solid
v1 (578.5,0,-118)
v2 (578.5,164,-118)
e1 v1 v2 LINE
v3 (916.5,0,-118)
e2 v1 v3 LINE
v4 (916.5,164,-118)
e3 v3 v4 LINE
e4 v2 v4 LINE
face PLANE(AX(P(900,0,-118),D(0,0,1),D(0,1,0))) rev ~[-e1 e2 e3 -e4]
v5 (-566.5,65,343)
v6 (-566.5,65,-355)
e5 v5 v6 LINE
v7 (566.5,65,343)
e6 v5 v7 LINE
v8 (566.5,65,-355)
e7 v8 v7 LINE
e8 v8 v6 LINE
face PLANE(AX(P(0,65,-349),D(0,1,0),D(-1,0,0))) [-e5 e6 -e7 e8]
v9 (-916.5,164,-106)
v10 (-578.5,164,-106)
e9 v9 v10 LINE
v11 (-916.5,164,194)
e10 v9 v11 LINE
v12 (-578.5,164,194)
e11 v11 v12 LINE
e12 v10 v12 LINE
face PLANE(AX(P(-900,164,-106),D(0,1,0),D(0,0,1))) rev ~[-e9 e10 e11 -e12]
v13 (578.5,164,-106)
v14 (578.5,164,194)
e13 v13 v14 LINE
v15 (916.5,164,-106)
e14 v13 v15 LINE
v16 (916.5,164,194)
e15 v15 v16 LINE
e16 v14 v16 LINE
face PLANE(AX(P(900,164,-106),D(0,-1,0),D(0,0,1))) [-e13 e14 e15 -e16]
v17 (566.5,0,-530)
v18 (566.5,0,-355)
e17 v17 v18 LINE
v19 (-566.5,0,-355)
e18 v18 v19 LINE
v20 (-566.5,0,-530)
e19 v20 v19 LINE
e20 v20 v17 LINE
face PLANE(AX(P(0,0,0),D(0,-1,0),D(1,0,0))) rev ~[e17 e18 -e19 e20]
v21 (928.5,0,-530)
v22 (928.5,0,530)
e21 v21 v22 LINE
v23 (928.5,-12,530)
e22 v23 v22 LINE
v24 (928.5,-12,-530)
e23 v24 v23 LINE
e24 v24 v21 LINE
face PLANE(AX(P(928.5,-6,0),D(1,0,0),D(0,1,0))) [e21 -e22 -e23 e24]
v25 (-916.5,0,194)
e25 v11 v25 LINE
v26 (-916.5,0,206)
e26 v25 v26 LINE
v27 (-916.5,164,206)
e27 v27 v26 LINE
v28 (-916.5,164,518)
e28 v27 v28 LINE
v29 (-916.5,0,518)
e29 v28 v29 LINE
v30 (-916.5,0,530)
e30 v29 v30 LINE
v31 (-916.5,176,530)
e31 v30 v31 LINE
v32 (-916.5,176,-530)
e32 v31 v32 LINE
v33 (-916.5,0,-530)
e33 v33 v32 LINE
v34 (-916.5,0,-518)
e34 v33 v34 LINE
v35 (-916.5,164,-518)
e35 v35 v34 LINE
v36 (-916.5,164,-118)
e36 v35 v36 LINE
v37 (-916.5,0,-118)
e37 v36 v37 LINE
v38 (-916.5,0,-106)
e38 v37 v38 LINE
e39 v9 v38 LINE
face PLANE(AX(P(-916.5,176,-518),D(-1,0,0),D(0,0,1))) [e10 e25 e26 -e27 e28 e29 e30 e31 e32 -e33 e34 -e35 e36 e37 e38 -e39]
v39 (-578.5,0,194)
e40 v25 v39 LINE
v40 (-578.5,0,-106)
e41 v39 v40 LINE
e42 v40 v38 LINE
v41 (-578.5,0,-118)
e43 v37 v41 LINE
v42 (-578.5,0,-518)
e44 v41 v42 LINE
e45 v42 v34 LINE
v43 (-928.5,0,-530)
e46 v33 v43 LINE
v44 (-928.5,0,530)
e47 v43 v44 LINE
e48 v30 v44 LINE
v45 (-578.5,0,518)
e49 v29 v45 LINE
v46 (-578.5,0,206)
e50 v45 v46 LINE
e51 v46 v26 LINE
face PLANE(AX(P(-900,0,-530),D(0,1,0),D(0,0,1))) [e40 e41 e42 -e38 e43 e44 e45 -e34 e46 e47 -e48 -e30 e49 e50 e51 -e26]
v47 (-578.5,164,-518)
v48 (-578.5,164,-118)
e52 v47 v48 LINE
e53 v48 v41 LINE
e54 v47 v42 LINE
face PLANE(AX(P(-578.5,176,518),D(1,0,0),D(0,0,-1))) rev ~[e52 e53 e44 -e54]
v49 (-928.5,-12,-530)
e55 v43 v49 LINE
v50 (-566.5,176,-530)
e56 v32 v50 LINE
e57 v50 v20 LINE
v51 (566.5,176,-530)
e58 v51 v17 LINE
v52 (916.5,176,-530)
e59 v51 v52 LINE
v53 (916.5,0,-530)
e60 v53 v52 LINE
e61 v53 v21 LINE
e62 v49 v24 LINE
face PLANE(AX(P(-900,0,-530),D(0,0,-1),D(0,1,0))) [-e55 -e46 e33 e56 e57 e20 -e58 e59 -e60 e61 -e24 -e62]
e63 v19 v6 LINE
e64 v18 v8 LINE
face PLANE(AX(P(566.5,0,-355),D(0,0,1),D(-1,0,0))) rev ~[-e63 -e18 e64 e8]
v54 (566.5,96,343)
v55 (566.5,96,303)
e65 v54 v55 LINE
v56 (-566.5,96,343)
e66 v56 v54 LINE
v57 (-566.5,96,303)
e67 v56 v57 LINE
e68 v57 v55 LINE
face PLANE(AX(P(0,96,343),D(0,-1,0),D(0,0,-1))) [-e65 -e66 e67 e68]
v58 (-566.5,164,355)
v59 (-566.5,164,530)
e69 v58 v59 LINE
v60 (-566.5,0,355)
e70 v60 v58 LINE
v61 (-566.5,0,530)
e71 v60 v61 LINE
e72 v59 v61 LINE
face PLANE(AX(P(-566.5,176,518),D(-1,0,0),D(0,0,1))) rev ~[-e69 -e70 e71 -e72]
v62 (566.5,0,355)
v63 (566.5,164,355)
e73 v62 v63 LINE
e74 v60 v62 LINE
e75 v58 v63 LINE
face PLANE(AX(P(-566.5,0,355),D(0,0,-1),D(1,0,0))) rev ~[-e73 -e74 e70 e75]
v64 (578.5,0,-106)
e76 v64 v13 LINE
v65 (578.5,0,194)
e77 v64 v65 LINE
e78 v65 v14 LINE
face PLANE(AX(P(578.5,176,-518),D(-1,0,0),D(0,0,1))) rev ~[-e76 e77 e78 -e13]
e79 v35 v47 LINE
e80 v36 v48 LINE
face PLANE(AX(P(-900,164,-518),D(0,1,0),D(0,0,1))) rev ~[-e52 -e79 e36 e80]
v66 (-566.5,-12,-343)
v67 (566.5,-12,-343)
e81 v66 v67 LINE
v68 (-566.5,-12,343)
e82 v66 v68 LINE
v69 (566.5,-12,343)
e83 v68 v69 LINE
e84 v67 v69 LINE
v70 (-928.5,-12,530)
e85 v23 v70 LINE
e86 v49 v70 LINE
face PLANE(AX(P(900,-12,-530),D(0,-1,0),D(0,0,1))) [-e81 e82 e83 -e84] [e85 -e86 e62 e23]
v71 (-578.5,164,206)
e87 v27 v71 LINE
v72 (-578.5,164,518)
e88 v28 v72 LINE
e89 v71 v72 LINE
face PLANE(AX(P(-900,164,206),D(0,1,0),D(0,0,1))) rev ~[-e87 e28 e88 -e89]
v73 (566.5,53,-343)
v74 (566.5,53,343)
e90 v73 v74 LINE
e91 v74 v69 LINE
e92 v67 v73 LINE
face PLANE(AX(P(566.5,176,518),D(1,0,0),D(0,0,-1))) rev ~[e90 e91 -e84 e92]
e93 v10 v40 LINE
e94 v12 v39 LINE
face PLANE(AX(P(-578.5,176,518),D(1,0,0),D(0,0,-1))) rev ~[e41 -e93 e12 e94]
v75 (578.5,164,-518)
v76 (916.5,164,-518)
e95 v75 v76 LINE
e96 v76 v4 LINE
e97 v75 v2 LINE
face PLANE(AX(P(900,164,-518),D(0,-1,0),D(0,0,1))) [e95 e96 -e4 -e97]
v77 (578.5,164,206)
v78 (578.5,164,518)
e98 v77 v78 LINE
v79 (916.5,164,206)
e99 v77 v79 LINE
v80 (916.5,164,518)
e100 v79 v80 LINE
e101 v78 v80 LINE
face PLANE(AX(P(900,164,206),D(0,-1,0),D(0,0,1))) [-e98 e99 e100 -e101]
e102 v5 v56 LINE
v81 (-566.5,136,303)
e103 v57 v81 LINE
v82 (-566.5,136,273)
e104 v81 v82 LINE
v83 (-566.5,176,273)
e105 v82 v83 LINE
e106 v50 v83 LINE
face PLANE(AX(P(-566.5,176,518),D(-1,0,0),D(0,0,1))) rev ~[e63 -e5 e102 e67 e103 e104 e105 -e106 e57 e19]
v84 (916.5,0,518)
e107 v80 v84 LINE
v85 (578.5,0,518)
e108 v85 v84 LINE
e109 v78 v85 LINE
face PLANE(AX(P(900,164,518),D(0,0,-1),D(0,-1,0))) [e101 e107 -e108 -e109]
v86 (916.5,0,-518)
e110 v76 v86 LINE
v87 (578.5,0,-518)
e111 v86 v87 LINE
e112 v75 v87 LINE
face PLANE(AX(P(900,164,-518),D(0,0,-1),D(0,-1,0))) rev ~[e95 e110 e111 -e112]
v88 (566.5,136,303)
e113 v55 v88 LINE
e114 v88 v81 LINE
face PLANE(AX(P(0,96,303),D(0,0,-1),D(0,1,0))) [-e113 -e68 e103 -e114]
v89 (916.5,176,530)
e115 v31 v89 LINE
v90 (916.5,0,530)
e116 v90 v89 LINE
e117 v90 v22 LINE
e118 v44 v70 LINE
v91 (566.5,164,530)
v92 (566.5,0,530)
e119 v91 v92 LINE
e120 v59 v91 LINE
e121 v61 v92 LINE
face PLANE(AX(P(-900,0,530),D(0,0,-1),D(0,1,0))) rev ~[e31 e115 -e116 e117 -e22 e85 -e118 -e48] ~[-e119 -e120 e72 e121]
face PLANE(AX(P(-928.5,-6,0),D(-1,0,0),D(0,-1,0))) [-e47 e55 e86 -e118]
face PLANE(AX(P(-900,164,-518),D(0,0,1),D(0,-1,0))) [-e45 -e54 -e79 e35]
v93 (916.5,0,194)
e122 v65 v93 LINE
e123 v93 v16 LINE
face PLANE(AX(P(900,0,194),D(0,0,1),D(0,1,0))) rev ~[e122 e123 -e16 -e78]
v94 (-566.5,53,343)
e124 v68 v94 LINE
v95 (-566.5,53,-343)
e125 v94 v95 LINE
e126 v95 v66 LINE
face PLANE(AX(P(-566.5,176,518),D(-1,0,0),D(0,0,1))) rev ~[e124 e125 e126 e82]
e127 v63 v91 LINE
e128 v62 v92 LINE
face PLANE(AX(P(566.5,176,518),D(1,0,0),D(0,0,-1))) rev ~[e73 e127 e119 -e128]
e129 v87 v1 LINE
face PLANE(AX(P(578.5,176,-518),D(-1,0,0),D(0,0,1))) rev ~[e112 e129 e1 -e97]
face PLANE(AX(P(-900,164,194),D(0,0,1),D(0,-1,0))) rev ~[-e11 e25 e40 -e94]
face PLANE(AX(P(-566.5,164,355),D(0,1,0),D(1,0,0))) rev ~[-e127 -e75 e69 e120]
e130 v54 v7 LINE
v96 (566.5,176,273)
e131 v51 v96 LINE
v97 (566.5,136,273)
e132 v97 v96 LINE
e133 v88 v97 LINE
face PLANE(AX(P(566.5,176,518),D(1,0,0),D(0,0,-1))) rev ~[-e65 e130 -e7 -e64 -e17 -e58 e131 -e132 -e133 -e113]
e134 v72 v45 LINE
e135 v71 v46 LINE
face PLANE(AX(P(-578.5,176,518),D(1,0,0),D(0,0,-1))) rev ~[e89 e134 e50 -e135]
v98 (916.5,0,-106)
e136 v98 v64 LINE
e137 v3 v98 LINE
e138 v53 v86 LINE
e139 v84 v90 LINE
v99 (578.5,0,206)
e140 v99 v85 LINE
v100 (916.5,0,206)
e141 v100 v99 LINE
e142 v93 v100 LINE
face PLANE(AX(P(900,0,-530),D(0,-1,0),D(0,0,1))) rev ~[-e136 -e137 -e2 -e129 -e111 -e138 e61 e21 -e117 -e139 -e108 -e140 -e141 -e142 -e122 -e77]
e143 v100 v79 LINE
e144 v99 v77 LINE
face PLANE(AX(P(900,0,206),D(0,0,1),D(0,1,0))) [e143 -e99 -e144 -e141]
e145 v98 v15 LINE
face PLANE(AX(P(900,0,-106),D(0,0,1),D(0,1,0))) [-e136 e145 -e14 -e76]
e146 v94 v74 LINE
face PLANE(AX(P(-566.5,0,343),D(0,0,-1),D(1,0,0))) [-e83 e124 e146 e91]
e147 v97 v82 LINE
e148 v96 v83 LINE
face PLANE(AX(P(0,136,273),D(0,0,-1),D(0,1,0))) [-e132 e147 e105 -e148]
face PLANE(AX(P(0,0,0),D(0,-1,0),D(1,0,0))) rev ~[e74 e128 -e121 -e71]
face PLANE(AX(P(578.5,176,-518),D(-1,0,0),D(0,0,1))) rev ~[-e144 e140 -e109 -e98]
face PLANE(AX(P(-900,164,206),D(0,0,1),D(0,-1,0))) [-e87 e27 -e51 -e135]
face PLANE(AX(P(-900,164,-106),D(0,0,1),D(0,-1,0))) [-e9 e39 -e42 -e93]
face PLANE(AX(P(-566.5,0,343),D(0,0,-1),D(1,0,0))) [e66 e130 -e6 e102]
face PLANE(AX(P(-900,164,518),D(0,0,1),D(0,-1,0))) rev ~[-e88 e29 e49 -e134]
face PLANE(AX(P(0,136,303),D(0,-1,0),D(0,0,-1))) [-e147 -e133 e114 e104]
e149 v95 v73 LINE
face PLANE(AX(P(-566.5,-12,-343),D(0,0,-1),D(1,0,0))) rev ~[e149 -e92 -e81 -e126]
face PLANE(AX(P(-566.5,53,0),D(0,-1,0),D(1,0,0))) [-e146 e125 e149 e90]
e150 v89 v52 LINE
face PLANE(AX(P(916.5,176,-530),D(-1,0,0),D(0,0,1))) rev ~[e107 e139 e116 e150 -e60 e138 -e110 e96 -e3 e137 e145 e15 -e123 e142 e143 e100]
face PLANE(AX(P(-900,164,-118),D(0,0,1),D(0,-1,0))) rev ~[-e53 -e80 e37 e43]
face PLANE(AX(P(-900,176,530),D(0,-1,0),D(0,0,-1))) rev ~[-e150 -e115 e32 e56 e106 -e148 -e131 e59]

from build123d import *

# Parameters (mm, degrees)
F0_W          = 1800
F0_H          = 1060
F1_DEPTH      = 12
F3_W          = 333.5
F3_H          = 12
F4_DEPTH      = 176
F6_DEPTH      = 176
F8_DEPTH      = 566.5
F8_DEPTH_BACK = 566.5
F9_W          = 1133
F9_H          = 686
F10_DEPTH     = 25
F11_W         = 1133
F11_H         = 12
F12_DEPTH     = 176
F13_W         = 321.5
F13_H         = 1036
F14_DEPTH     = 12
F15_W         = 1133
F15_H         = 12
F16_DEPTH     = 343
F17_DEPTH     = 343
F18_W         = 1133
F18_H         = 12
F19_DEPTH     = 65
F21_W         = 164
F21_H         = 12
F22_DEPTH     = 321.5
F23_W         = 164
F23_H         = 12
F24_DEPTH     = 321.5
F25_W         = 1133
F25_H         = 12
F26_DEPTH     = 175
F27_W         = 12
F27_H         = 1060
F28_DEPTH     = 28.5
F29_W         = 12
F29_H         = 1060
F30_DEPTH     = 28.5
F31_DEPTH     = 16.5
F32_DEPTH     = 16.5


with BuildPart() as f1:
    # F0 (on Front) → F1 (new body)
    with BuildSketch(Plane.XZ):
        Rectangle(F0_W, F0_H)
    extrude(amount=F1_DEPTH)

    # F3 (on offset) → F4 (join, through all)
    with BuildSketch(Plane.XZ.offset(-176)):
        with Locations((-733.25, 524)):
            Rectangle(F3_W, F3_H)
        with Locations((733.25, 524)):
            Rectangle(F3_W, F3_H)
    extrude(amount=F4_DEPTH)

    # F5 (on offset) → F6 (join, through all)
    with BuildSketch(Plane.XZ.offset(-176)):
        Polygon((578.5, -518), (578.5, 518), (566.5, 518), (566.5, -530), (900, -530), (900, -518), align=None)
        Polygon((-900, -518), (-900, -530), (-566.5, -530), (-566.5, 518), (-578.5, 518), (-578.5, -518), align=None)
    extrude(amount=F6_DEPTH)

    # F7 (on Right) → F8 (join, two sides)
    with BuildSketch(Plane.YZ) as f8_sk:
        Polygon((176, 273), (176, 343), (96, 343), (96, 303), (136, 303), (136, 273), align=None)
    extrude(amount=F8_DEPTH)
    extrude(f8_sk.sketch, amount=-F8_DEPTH_BACK)

    # F9 (on face) → F10 (cut)
    with BuildSketch(Plane.XZ.offset(12)):
        Rectangle(F9_W, F9_H)
    extrude(amount=-F10_DEPTH, mode=Mode.SUBTRACT)

    # F11 (on face) → F12 (join, through all)
    with BuildSketch(Plane.XZ):
        with Locations((0, 349)):
            Rectangle(F11_W, F11_H)
    extrude(amount=-F12_DEPTH)

    # F13 (on face) → F14 (join)
    with BuildSketch(Plane(origin=(0, 176, 0), x_dir=(-1, 0, 0), z_dir=(0, 1, 0))):
        with Locations((739.25, 0)):
            Rectangle(F13_W, F13_H)
        with Locations((-739.25, 0)):
            Rectangle(F13_W, F13_H)
    extrude(amount=-F14_DEPTH)

    # F15 (on Top) → F16 (join, through all)
    with BuildSketch(Plane.XY):
        with Locations((0, 59)):
            Rectangle(F15_W, F15_H)
    extrude(amount=F16_DEPTH)

    # F15 (on Top) → F17 (join, through all)
    with BuildSketch(Plane.XY):
        with Locations((0, 59)):
            Rectangle(F15_W, F15_H)
    extrude(amount=-F17_DEPTH)

    # F18 (on face) → F19 (join, through all)
    with BuildSketch(Plane(origin=(0, 0, 0), x_dir=(-1, 0, 0), z_dir=(0, 1, 0))):
        with Locations((0, -349)):
            Rectangle(F18_W, F18_H)
    extrude(amount=F19_DEPTH)

    # F21 (on face) → F22 (join, through all)
    with BuildSketch(Plane(origin=(-578.5, 0, 0), x_dir=(0, -1, 0), z_dir=(-1, 0, 0))):
        with Locations((-82, -112)):
            Rectangle(F21_W, F21_H)
        with Locations((-82, 200)):
            Rectangle(F21_W, F21_H)
    extrude(amount=F22_DEPTH)

    # F23 (on face) → F24 (join, through all)
    with BuildSketch(Plane.YZ.offset(578.5)):
        with Locations((82, -112)):
            Rectangle(F23_W, F23_H)
        with Locations((82, 200)):
            Rectangle(F23_W, F23_H)
    extrude(amount=F24_DEPTH)

    # F25 (on face) → F26 (join, through all)
    with BuildSketch(Plane.XY.offset(355)):
        with Locations((0, 170)):
            Rectangle(F25_W, F25_H)
    extrude(amount=F26_DEPTH)

    # F27 (on face) → F28 (join)
    with BuildSketch(Plane(origin=(-900, 0, 0), x_dir=(0, -1, 0), z_dir=(-1, 0, 0))):
        with Locations((6, 0)):
            Rectangle(F27_W, F27_H)
    extrude(amount=F28_DEPTH)

    # F29 (on face) → F30 (join)
    with BuildSketch(Plane.YZ.offset(900)):
        with Locations((-6, 0)):
            Rectangle(F29_W, F29_H)
    extrude(amount=F30_DEPTH)

    # F31 (add): a face of the model
    f31_faces = [f1.faces().sort_by_distance(p)[0] for p in [
        (900, 88, -519.2548801775),
    ]]
    extrude(f31_faces, amount=F31_DEPTH)

    # F32 (add): a face of the model
    f32_faces = [f1.faces().sort_by_distance(p)[0] for p in [
        (-900, 88, 519.2548801775),
    ]]
    extrude(f32_faces, amount=F32_DEPTH)


solid = f1.part
